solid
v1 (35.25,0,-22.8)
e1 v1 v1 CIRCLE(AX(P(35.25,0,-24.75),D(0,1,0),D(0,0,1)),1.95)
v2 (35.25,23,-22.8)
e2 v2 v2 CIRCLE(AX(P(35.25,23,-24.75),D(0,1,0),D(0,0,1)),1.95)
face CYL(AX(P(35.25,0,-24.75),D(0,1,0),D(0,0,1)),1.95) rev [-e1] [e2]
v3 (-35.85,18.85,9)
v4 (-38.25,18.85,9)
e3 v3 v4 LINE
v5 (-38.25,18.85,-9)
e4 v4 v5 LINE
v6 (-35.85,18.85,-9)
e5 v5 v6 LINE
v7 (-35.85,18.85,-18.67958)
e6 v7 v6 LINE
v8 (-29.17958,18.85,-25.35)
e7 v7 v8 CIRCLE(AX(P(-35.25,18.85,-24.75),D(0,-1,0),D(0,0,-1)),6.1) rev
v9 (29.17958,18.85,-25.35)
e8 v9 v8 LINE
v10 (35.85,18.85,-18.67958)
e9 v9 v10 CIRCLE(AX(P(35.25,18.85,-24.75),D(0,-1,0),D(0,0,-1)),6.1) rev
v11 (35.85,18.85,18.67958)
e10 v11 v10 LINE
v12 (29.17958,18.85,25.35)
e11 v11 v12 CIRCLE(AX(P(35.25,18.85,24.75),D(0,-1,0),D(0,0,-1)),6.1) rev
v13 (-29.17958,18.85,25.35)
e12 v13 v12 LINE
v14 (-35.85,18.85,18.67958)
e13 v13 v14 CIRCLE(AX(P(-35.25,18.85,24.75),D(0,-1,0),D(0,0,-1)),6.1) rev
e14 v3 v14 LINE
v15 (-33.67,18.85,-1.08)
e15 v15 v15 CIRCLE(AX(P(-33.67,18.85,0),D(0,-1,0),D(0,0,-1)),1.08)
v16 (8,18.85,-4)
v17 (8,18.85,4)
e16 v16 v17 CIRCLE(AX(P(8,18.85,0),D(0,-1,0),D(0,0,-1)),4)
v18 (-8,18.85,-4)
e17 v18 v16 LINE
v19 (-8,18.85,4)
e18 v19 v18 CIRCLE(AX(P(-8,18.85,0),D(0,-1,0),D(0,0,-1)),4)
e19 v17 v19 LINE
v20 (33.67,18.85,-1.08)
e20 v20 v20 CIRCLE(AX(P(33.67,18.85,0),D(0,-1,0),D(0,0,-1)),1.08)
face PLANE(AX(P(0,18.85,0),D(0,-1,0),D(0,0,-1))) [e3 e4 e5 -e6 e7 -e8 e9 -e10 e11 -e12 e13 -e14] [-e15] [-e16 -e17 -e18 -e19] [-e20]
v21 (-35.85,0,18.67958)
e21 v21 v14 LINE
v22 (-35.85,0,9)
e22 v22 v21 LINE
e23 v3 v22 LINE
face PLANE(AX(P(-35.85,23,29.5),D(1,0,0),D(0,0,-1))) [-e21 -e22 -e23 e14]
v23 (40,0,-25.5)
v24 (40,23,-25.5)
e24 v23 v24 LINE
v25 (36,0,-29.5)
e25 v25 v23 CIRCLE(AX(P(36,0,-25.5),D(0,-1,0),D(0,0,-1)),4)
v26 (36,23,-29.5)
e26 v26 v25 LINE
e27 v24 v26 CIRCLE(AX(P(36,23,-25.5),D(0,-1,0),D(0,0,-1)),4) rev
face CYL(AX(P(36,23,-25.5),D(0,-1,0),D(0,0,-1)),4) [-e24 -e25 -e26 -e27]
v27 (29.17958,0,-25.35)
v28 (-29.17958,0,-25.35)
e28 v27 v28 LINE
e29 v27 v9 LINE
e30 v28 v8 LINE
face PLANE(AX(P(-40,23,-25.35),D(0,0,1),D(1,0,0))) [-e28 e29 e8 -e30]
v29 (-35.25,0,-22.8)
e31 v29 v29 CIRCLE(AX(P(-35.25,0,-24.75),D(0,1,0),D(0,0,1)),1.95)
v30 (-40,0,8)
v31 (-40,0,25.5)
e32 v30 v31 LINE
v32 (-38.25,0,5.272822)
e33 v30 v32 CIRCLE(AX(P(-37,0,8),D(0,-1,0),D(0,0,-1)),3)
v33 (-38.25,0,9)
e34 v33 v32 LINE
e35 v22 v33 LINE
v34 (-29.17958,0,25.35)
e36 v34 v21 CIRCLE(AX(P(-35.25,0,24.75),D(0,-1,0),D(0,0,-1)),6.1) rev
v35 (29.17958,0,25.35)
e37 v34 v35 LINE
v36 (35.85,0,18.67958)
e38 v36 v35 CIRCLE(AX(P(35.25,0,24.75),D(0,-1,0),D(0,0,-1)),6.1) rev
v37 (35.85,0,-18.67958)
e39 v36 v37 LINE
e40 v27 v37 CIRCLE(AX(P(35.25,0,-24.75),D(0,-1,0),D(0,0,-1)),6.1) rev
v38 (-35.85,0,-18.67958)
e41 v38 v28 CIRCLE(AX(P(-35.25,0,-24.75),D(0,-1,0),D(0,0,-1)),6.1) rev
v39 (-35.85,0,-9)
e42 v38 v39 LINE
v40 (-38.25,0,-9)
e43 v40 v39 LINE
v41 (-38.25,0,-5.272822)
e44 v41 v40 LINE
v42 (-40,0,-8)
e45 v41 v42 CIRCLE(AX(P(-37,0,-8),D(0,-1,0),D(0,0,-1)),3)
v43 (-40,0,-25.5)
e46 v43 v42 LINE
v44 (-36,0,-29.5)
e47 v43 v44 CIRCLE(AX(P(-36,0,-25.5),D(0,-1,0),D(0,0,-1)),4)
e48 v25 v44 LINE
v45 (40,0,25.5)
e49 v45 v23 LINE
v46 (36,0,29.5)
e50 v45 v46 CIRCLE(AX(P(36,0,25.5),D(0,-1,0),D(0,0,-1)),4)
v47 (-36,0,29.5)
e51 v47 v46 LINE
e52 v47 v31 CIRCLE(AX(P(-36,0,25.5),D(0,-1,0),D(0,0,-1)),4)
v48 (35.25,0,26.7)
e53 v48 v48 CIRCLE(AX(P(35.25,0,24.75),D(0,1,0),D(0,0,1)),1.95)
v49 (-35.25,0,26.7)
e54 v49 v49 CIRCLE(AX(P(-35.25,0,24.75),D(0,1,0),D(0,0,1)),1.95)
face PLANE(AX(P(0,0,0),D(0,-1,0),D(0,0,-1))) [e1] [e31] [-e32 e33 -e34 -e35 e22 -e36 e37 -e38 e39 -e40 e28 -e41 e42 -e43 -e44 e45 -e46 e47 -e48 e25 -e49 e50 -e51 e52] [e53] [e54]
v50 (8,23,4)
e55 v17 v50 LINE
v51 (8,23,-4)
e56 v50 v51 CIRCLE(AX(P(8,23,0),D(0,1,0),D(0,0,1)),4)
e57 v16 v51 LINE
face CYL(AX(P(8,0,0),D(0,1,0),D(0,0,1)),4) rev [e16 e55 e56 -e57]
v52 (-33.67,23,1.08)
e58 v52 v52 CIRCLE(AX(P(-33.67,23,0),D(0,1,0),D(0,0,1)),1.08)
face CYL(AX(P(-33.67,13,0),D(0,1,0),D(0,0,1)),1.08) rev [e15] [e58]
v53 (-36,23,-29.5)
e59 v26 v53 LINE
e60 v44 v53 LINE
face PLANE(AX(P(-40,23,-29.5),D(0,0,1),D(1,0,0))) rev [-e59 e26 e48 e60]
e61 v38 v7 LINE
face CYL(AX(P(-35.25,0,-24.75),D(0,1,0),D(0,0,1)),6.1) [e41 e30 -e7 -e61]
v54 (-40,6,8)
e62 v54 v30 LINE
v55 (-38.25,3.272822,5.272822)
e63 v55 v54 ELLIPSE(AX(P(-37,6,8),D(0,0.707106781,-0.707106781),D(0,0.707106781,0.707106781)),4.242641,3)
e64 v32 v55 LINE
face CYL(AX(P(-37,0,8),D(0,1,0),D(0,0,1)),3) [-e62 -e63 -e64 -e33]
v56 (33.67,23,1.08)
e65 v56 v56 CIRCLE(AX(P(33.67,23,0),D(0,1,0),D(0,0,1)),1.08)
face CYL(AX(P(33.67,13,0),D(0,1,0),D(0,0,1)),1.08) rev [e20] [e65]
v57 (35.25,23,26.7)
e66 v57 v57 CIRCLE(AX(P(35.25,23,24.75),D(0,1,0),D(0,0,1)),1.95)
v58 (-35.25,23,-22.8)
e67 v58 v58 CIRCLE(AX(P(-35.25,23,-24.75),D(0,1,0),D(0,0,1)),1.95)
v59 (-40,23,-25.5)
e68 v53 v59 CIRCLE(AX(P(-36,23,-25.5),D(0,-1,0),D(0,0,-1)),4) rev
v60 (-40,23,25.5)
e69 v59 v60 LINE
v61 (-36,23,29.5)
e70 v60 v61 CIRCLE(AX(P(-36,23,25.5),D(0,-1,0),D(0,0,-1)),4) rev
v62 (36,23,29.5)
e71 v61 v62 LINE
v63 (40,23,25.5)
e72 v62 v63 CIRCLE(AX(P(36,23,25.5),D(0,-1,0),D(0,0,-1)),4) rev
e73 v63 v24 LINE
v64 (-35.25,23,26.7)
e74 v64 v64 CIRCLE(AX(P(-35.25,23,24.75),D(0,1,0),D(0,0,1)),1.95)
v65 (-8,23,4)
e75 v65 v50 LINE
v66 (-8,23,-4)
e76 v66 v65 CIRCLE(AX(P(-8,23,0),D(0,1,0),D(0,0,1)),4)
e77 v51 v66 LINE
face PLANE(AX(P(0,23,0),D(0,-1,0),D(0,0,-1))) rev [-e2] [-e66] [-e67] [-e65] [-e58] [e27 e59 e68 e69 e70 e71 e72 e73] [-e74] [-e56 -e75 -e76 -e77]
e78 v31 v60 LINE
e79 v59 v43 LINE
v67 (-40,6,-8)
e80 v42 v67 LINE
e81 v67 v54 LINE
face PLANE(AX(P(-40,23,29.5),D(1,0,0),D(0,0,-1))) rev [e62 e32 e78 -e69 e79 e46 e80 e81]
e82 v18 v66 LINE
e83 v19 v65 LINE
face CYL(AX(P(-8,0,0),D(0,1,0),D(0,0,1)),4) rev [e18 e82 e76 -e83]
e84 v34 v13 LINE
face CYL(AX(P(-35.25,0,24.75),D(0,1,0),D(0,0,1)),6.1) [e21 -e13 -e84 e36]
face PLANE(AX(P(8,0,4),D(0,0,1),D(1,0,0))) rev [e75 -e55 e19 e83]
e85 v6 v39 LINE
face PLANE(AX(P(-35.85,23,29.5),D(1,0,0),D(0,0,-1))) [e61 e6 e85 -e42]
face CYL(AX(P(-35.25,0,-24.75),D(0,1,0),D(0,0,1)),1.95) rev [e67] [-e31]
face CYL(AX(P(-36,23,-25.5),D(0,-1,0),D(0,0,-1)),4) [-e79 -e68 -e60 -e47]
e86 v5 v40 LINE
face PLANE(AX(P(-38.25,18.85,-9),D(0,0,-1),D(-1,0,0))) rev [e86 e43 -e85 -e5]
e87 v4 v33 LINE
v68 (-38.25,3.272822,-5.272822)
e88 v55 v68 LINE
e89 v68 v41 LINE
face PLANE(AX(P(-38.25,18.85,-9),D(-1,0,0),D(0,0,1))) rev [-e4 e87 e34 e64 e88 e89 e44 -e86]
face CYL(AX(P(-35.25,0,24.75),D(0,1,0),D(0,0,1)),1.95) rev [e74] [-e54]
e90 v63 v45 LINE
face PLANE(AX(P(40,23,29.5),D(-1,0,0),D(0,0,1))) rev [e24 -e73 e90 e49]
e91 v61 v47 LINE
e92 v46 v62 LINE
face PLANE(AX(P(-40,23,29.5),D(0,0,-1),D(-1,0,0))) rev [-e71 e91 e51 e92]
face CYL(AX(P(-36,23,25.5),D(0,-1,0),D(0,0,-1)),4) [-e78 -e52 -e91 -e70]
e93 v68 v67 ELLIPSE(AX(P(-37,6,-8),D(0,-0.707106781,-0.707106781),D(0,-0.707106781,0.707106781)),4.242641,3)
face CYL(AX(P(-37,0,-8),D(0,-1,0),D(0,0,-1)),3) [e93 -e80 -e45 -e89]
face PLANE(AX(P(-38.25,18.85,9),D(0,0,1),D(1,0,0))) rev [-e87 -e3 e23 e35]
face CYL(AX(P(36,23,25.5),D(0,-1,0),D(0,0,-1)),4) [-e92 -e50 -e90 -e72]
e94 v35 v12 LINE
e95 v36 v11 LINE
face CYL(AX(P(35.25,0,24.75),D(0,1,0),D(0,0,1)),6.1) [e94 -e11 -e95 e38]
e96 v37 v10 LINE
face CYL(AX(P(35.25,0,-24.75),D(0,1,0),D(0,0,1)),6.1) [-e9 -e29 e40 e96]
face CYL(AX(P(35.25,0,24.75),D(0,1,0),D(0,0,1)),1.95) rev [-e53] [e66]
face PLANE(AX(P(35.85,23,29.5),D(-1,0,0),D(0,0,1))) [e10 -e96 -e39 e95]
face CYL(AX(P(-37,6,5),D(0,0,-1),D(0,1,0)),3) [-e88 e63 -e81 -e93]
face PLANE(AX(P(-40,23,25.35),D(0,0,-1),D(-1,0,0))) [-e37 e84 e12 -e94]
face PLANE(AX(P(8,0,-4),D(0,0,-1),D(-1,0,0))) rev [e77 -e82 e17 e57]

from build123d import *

# Parameters (mm, degrees)
SKETCH1_W           = 80
SKETCH1_H           = 59
BOSS_EXTRUDE1_DEPTH = 23
SKETCH2_R           = 1.95
CUT_EXTRUDE1_DEPTH  = 23
SHELL2_T            = -4.15
CUT_EXTRUDE2_DEPTH  = 23
SKETCH4_W           = 10
SKETCH4_H           = 3
CUT_EXTRUDE3_DEPTH  = 23
FILLET1_R           = 4
FILLET2_R           = 3
SKETCH5_R           = 1.08
CUT_EXTRUDE4_DEPTH  = 10
SKETCH6_W           = 2.4
SKETCH6_H           = 18
CUT_EXTRUDE5_DEPTH  = 18.85


with BuildPart() as part:
    # Sketch1 → Boss-Extrude1 (new body)
    with BuildSketch(Plane(origin=(0, 0, 0), x_dir=(1, 0, 0), z_dir=(0, 1, 0))):
        Rectangle(SKETCH1_W, SKETCH1_H)
    extrude(amount=BOSS_EXTRUDE1_DEPTH)

    # Sketch2 → Cut-Extrude1 (cut)
    with BuildSketch(Plane(origin=(0, 23, 0), x_dir=(1, 0, 0), z_dir=(0, 1, 0))):
        with Locations(Location((35.25, 24.75, 0), (0, 0, 270))):
            Circle(SKETCH2_R)
        with Locations(Location((35.25, -24.75, 0), (0, 0, 270))):
            Circle(SKETCH2_R)
        with Locations(Location((-35.25, 24.75, 0), (0, 0, 270))):
            Circle(SKETCH2_R)
        with Locations(Location((-35.25, -24.75, 0), (0, 0, 270))):
            Circle(SKETCH2_R)
    extrude(amount=-CUT_EXTRUDE1_DEPTH, mode=Mode.SUBTRACT)

    # Shell2
    shell2_openings = [part.faces().sort_by_distance(p)[0] for p in [
        (0, 0, 0),
    ]]
    offset(amount=SHELL2_T, openings=shell2_openings)

    # Sketch3 → Cut-Extrude2 (cut)
    with BuildSketch(Plane(origin=(0, 23, 0), x_dir=(1, 0, 0), z_dir=(0, 1, 0))):
        with BuildLine():
            Line((8, -4), (-8, -4))
            ThreePointArc((-8, -4), (-12, 0), (-8, 4))
            Line((-8, 4), (8, 4))
            ThreePointArc((8, 4), (12, 0), (8, -4))
        make_face()
    extrude(amount=-CUT_EXTRUDE2_DEPTH, mode=Mode.SUBTRACT)

    # Sketch4 → Cut-Extrude3 (cut)
    with BuildSketch(Plane.ZY.offset(40)):
        with Locations((0, 1.5)):
            Rectangle(SKETCH4_W, SKETCH4_H)
    extrude(amount=-CUT_EXTRUDE3_DEPTH, mode=Mode.SUBTRACT)

    # Fillet1
    fillet1_edges = [part.edges().sort_by_distance(p)[0] for p in [
        (40, 11.5, 29.5),
        (-40, 11.5, 29.5),
        (-40, 11.5, -29.5),
        (40, 11.5, -29.5),
    ]]
    fillet(fillet1_edges, radius=FILLET1_R)

    # Fillet2
    fillet2_edges = [part.edges().sort_by_distance(p)[0] for p in [
        (-40, 1.5, -5),
        (-40, 1.5, 5),
        (-40, 3, 0),
    ]]
    fillet(fillet2_edges, radius=FILLET2_R)

    # Sketch5 → Cut-Extrude4 (cut)
    with BuildSketch(Plane(origin=(0, 23, 0), x_dir=(1, 0, 0), z_dir=(0, 1, 0))):
        with Locations(Location((33.67, 0, 0), (0, 0, 270))):
            Circle(SKETCH5_R)
        with Locations(Location((-33.67, 0, 0), (0, 0, 270))):
            Circle(SKETCH5_R)
    extrude(amount=-CUT_EXTRUDE4_DEPTH, mode=Mode.SUBTRACT)

    # Sketch6 → Cut-Extrude5 (cut)
    with BuildSketch(Plane(origin=(0, 0, 0), x_dir=(-1, 0, 0), z_dir=(0, -1, 0))):
        with Locations((37.05, 0)):
            Rectangle(SKETCH6_W, SKETCH6_H)
    extrude(amount=-CUT_EXTRUDE5_DEPTH, mode=Mode.SUBTRACT)


solid = part.part
